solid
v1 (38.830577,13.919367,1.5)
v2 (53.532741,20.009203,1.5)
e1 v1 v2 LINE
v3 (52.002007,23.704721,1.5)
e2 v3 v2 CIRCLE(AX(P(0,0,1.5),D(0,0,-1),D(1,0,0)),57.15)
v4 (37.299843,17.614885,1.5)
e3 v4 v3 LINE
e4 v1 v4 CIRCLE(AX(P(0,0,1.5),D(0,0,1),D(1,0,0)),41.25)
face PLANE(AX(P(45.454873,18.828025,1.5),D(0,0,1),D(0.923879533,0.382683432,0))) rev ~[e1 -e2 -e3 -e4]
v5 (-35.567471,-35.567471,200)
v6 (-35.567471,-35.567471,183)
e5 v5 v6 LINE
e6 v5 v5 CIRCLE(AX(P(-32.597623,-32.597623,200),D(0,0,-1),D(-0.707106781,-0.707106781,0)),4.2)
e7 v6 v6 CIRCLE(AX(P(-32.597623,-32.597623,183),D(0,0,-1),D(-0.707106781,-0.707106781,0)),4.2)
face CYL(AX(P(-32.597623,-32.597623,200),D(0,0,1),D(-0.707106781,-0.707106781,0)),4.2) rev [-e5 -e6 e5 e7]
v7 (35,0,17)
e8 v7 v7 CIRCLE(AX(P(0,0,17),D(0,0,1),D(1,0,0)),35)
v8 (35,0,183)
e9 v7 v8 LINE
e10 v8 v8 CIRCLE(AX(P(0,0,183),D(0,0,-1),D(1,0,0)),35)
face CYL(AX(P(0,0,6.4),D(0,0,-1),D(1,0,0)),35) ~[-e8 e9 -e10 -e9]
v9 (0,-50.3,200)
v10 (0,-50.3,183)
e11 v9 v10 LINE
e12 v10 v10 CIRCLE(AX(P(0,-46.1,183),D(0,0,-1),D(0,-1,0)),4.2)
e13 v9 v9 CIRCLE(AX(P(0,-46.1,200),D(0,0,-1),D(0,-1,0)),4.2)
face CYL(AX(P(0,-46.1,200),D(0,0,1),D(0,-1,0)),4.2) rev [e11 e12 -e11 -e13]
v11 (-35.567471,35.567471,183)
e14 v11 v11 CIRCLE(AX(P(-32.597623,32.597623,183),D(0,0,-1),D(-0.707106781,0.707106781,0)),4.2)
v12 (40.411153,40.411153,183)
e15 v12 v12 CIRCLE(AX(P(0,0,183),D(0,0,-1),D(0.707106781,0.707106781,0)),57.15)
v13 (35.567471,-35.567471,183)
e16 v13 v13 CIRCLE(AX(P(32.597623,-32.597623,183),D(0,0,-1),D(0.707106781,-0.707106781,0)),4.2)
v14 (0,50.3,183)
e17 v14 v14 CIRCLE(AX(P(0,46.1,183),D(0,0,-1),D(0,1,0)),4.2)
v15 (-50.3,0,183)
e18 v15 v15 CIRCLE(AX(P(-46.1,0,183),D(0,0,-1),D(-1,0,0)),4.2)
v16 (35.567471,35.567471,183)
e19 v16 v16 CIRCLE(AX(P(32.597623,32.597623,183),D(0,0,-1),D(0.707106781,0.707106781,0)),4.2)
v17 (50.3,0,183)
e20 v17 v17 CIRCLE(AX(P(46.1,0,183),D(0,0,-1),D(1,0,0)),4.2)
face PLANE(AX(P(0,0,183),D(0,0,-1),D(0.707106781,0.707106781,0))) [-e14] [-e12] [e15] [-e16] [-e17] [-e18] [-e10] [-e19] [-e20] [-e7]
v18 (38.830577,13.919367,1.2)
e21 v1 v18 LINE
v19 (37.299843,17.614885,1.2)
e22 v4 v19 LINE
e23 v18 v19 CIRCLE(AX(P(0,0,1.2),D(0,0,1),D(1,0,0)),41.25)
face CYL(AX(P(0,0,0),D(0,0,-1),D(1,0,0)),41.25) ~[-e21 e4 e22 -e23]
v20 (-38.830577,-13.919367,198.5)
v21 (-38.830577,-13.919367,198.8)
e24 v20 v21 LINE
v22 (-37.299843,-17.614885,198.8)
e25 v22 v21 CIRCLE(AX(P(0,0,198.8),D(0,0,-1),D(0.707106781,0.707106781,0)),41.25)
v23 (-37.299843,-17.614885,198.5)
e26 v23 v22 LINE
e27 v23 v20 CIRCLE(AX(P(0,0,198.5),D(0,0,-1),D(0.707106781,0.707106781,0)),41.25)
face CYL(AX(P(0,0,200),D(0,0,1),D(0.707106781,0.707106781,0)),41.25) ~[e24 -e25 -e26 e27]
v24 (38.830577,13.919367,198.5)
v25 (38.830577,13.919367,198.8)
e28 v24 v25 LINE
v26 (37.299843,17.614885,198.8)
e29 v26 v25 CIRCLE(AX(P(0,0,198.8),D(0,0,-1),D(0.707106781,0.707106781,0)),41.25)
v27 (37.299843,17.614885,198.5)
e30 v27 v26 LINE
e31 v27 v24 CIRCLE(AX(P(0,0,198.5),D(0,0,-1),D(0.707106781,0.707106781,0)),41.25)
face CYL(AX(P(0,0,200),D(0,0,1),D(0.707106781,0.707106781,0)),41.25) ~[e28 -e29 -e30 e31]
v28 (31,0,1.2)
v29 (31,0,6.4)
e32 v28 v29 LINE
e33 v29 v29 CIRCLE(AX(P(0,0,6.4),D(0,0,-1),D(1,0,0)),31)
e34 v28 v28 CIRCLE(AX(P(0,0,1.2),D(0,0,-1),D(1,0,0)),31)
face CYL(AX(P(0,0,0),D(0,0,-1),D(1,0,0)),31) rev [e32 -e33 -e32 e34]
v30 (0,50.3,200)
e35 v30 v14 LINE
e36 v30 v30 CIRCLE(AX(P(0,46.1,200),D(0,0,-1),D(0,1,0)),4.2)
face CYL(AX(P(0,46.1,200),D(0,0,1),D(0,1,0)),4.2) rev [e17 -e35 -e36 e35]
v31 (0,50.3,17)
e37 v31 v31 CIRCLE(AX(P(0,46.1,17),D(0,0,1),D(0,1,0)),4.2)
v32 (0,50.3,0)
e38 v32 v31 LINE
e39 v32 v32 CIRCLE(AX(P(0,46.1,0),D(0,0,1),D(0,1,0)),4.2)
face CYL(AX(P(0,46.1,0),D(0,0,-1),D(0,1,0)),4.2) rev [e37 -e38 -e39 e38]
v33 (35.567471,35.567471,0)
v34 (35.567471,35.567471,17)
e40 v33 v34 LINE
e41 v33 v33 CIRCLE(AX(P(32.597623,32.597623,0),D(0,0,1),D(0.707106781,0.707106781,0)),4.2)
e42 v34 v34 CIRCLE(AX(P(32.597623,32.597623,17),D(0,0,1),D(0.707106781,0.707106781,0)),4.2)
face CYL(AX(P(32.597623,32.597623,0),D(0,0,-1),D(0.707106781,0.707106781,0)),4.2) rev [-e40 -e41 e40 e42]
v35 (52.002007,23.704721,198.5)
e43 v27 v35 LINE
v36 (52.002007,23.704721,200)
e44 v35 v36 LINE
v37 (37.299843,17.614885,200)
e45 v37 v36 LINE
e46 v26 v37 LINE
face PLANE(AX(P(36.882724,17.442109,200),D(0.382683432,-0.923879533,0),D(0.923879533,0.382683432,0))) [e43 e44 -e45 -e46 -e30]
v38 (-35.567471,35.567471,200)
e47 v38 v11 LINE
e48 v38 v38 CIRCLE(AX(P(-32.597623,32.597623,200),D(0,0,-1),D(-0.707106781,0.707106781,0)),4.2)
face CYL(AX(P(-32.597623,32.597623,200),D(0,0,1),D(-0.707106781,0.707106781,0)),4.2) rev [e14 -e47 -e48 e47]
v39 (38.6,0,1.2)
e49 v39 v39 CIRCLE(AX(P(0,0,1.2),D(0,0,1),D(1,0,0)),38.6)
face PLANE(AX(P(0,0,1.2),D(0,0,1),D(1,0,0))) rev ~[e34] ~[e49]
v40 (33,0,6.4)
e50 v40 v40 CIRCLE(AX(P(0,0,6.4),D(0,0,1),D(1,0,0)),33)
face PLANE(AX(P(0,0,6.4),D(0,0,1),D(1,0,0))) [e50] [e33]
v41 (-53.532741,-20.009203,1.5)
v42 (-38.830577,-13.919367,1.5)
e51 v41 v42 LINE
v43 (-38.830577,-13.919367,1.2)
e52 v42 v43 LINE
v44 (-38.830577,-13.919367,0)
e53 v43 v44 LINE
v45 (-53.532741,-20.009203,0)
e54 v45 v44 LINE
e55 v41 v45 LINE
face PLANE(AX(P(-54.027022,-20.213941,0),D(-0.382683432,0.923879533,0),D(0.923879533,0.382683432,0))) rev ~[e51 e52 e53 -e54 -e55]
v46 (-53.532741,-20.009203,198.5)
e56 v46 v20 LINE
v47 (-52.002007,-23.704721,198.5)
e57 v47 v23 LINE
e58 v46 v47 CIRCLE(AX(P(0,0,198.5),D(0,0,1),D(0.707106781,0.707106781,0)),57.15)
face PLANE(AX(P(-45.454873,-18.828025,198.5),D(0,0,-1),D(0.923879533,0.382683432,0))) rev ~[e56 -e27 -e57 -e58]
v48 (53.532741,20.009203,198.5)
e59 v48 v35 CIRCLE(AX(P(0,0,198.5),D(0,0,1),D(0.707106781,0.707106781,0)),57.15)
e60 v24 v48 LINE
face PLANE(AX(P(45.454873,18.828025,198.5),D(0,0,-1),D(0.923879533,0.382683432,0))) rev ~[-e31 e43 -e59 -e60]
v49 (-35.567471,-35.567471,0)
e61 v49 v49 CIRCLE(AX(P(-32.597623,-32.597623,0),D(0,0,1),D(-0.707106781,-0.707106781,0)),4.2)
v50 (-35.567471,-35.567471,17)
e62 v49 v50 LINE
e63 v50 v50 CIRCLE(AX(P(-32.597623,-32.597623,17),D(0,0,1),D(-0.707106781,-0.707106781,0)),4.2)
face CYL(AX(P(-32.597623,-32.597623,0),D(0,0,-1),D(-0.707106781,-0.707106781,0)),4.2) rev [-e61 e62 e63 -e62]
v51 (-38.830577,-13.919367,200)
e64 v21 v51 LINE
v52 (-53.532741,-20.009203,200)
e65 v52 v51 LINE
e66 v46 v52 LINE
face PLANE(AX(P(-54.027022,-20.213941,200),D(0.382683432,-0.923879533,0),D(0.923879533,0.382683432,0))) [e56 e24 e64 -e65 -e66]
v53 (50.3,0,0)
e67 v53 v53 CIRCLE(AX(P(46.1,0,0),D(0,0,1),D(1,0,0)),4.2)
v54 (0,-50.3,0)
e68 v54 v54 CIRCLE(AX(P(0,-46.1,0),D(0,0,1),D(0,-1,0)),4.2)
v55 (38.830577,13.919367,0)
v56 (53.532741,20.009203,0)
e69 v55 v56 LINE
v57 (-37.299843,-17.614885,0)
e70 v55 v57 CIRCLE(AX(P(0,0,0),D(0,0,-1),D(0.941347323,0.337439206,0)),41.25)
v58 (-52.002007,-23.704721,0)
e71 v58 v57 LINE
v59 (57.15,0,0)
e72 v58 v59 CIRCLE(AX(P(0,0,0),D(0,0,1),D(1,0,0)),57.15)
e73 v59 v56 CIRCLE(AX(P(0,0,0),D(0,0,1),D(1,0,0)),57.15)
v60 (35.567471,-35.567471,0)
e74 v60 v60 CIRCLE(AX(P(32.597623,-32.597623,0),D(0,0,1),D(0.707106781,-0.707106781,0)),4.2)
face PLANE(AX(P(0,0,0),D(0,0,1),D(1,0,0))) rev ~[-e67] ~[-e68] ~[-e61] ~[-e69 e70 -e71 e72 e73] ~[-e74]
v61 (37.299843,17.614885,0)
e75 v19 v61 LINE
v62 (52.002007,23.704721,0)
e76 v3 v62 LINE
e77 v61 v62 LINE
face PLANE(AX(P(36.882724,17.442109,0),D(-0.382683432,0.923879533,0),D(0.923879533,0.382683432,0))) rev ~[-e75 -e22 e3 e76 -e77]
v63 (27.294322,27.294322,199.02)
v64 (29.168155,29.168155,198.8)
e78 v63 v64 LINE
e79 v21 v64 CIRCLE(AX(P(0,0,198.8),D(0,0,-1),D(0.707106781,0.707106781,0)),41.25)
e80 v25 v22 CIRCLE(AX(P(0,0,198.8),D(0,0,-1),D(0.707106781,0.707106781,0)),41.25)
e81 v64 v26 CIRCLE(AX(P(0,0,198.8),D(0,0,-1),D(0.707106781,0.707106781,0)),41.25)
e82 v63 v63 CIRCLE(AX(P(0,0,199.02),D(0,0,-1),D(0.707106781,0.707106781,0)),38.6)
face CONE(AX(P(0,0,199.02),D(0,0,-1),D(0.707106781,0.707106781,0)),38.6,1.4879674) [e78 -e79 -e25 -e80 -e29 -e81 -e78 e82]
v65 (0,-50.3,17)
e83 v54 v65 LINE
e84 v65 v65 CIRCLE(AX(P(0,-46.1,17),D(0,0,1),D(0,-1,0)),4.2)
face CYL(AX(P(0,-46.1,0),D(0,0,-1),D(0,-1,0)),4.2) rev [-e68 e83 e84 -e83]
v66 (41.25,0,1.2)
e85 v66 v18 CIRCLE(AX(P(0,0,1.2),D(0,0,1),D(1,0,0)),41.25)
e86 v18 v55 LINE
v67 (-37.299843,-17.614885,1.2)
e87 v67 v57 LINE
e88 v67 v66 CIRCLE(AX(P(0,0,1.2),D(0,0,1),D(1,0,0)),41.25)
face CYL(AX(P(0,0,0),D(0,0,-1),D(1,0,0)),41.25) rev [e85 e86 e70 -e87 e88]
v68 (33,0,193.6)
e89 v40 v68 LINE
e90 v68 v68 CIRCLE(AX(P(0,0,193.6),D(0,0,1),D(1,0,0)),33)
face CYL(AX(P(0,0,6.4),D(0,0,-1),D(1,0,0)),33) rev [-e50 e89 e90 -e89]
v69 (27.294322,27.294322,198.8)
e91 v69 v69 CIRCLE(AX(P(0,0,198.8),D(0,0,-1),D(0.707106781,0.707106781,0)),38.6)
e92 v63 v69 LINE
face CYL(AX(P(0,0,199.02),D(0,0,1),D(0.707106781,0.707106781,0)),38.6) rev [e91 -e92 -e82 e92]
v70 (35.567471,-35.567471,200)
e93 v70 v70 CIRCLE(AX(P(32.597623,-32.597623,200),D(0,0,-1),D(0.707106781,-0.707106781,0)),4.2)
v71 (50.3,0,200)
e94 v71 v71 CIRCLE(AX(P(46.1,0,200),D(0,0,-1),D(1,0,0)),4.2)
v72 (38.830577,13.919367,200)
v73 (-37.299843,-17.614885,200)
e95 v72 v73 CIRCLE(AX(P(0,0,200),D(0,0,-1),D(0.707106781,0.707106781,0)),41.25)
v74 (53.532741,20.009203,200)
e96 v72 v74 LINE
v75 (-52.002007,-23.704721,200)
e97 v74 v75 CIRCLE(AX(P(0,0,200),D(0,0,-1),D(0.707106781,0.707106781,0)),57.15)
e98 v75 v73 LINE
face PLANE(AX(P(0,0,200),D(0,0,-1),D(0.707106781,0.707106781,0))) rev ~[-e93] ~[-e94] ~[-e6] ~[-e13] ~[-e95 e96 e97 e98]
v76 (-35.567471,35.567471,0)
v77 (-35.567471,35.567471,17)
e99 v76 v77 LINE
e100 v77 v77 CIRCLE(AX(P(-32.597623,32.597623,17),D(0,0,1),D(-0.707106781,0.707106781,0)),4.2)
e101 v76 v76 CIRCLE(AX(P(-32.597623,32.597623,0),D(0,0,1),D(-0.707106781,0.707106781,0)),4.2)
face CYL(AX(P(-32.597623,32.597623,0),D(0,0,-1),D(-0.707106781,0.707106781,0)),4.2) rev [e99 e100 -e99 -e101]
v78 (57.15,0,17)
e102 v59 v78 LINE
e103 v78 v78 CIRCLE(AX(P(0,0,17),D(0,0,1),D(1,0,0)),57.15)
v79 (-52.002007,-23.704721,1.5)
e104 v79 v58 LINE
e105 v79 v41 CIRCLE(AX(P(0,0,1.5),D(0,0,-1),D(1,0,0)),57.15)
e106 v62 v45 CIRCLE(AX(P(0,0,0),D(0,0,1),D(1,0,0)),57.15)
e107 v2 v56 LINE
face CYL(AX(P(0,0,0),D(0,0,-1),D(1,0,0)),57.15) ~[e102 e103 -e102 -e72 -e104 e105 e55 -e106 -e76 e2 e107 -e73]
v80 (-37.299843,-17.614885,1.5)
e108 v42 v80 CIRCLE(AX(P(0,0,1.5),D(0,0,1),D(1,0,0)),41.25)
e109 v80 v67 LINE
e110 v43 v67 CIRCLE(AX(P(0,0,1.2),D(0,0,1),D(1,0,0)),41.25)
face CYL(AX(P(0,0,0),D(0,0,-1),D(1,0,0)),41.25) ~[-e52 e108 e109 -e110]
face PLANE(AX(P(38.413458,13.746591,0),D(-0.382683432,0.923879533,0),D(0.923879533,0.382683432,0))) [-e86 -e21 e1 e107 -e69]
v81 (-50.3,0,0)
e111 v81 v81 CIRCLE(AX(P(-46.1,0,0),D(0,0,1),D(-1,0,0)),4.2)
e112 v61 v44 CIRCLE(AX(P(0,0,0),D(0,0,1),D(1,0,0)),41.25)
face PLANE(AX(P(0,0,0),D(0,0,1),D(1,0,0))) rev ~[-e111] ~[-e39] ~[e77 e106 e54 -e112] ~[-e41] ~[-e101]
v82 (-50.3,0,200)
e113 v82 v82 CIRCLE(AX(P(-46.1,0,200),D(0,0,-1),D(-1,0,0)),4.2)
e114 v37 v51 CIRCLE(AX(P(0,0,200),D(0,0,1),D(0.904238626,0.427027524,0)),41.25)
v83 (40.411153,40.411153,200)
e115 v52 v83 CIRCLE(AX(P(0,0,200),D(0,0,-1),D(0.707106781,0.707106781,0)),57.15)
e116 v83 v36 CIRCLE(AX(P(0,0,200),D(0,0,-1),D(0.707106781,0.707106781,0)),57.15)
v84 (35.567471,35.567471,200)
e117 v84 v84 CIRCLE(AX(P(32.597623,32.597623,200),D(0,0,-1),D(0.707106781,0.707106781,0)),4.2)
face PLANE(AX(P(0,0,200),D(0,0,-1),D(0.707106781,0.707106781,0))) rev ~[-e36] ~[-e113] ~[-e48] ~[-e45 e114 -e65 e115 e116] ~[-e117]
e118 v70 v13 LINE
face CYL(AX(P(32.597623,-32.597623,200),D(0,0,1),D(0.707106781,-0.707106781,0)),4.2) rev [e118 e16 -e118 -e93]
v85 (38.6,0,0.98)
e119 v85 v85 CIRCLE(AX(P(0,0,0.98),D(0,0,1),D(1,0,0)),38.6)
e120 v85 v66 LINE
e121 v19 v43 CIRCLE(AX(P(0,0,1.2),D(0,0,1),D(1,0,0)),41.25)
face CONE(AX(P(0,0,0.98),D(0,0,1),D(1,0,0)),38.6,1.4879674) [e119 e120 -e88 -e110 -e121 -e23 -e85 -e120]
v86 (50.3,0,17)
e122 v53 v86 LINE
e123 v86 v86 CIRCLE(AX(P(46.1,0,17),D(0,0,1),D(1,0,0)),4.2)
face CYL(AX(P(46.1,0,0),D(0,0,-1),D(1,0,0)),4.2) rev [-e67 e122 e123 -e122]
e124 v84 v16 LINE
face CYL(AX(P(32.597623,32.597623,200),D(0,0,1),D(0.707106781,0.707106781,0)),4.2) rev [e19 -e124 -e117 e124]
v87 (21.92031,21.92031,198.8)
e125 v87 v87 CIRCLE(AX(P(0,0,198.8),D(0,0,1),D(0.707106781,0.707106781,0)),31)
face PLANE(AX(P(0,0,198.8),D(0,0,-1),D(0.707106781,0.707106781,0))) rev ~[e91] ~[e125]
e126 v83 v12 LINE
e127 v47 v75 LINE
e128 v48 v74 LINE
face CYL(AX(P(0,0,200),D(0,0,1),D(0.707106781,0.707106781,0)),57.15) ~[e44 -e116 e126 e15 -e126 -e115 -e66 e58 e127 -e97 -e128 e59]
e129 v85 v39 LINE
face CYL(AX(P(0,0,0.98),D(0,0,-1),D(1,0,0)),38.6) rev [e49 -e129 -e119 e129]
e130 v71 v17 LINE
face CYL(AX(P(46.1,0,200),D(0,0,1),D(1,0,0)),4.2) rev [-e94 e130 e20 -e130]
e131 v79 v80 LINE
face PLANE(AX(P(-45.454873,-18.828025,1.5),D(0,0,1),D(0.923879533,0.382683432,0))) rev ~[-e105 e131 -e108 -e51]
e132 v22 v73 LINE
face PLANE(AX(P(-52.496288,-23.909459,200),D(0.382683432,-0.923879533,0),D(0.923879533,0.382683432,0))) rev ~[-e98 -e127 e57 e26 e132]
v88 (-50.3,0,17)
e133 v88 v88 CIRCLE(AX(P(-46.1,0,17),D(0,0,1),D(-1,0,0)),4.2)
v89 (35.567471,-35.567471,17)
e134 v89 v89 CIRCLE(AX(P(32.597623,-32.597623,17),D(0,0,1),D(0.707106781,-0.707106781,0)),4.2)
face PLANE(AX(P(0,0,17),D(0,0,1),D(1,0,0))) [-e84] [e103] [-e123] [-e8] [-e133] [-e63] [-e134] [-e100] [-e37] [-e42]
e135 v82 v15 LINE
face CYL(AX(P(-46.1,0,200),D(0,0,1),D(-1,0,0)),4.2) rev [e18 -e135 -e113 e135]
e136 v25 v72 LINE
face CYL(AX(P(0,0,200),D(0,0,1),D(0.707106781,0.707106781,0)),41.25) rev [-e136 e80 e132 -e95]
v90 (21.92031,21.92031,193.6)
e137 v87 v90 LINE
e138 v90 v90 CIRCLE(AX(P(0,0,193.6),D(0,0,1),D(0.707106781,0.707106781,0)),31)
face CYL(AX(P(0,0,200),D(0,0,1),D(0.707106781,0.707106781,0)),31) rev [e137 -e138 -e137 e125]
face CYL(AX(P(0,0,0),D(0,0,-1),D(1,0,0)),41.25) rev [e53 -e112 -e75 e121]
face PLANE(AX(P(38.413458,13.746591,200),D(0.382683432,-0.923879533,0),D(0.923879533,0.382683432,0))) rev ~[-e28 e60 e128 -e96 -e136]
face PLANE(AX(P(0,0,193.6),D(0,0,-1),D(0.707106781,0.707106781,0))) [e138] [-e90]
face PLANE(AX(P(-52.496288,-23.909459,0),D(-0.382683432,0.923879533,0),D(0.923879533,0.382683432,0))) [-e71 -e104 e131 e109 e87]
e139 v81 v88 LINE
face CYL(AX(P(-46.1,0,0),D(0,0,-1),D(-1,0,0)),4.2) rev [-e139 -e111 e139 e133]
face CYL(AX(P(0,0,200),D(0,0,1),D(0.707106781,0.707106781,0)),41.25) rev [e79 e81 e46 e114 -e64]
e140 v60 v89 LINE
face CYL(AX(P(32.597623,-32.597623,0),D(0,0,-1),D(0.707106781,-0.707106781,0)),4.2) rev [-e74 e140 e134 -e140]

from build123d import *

# Parameters (mm, degrees)
CYLINDER032_R             = 41.25
CYLINDER032_DEPTH         = 1.5
BOX004_W                  = 16.9
BOX004_H                  = 4
BOX004_DEPTH              = 1.5
BOX005_W                  = 16.9
BOX005_H                  = 4
BOX005_DEPTH              = 1.5
FUSION011_PLACEMENT_ANGLE = 22.5
CYLINDER026_R             = 35
CYLINDER026_DEPTH         = 10.6
CYLINDER027_R             = 31
CYLINDER027_DEPTH         = 17
CYLINDER031_R             = 4.2
CYLINDER031_DEPTH         = 17
ARRAY005_COUNT            = 8
CYLINDER030_R             = 38.6
CYLINDER030_DEPTH         = 0.22
CYLINDER029_R             = 41.25
CYLINDER029_DEPTH         = 1.2
CYLINDER028_R             = 57.15
CYLINDER028_DEPTH         = 17
CUT030_PLACEMENT_ANGLE    = 180
COMPOUND_PLACEMENT_ANGLE  = 45
TUBE_R                    = 35
TUBE_R_2                  = 33
TUBE_DEPTH                = 187.2
CYLINDER025_R             = 41.25
CYLINDER025_DEPTH         = 1.5
BOX002_W                  = 16.9
BOX002_H                  = 4
BOX002_DEPTH              = 1.5
BOX003_W                  = 16.9
BOX003_H                  = 4
BOX003_DEPTH              = 1.5
FUSION008_PLACEMENT_ANGLE = 22.5
CYLINDER018_R             = 35
CYLINDER018_DEPTH         = 10.6
CYLINDER019_R             = 31
CYLINDER019_DEPTH         = 17
CYLINDER023_R             = 4.2
CYLINDER023_DEPTH         = 17
ARRAY004_COUNT            = 8
CYLINDER022_R             = 38.6
CYLINDER022_DEPTH         = 0.22
CYLINDER021_R             = 41.25
CYLINDER021_DEPTH         = 1.2
CYLINDER020_R             = 57.15
CYLINDER020_DEPTH         = 17


with BuildPart() as cylinder032:
    # Cylinder032 → Cylinder032 (new body)
    with BuildSketch(Plane.XY):
        Circle(CYLINDER032_R)
    extrude(amount=CYLINDER032_DEPTH)


with BuildPart() as cube004:
    # Box004 → Box004 (new body)
    with BuildSketch(Plane(origin=(40.75, -2, 0), x_dir=(1, 0, 0), z_dir=(0, 0, 1))):
        with Locations((8.45, 2)):
            Rectangle(BOX004_W, BOX004_H)
    extrude(amount=BOX004_DEPTH)


with BuildPart() as leaktestgrooves003:
    # Box005 → Box005 (new body)
    with BuildSketch(Plane(origin=(-57.65, -2, 0), x_dir=(1, 0, 0), z_dir=(0, 0, 1))):
        with Locations((8.45, 2)):
            Rectangle(BOX005_W, BOX005_H)
    extrude(amount=BOX005_DEPTH)

    # Fusion011: union Cube004
    add(cube004.part)


with BuildPart() as leaktestgrooves003_1:
    # Fusion011 placement: moved
    add(leaktestgrooves003.part.rotate(Axis((0, 0, 0), (0, 0, 1)), FUSION011_PLACEMENT_ANGLE))

    # Cut029: cut Cylinder032
    add(cylinder032.part, mode=Mode.SUBTRACT)


with BuildPart() as cylinder026:
    # Cylinder026 → Cylinder026 (new body)
    with BuildSketch(Plane.XY.offset(6.4)):
        Circle(CYLINDER026_R)
    extrude(amount=CYLINDER026_DEPTH)


with BuildPart() as fusion010:
    # Cylinder027 → Cylinder027 (new body)
    with BuildSketch(Plane.XY):
        Circle(CYLINDER027_R)
    extrude(amount=CYLINDER027_DEPTH)

    # Fusion010: union Cylinder026
    add(cylinder026.part)


with BuildPart() as boltholearray005:
    # Cylinder031 → Cylinder031 (new body)
    with BuildSketch(Plane(origin=(46.1, 0, 0), x_dir=(1, 0, 0), z_dir=(0, 0, 1))):
        Circle(CYLINDER031_R)
    extrude(amount=CYLINDER031_DEPTH)

    # Array005: BoltHoleArray005 ×8 about axis
    array005_axis = Axis((0, 0, 0), (0, 0, 1))


with BuildPart() as boltholearray005_1:
    add(boltholearray005.part)
    for i in range(1, ARRAY005_COUNT):
        add(boltholearray005.part.rotate(array005_axis, i * 360 / ARRAY005_COUNT))


with BuildPart() as cylinder030:
    # Cylinder030 → Cylinder030 (new body)
    with BuildSketch(Plane.XY):
        Circle(CYLINDER030_R)
    extrude(amount=CYLINDER030_DEPTH)


with BuildPart() as knifeedge005:
    # Cone005 → Cone005 (revolve)
    with BuildSketch(Plane.XZ):
        Polygon((0, 0), (38.6, 0), (41.25, 0.22), (0, 0.22), align=None)
    revolve(axis=Axis((0, 0, 0), (0, 0, 1)))

    # Cut026: cut Cylinder030
    add(cylinder030.part, mode=Mode.SUBTRACT)


with BuildPart() as knifeedge005_1:
    # Cut026 placement: moved
    add(knifeedge005.part.moved(Location((0, 0, 0.98))))


with BuildPart() as sealrecess005:
    # Cylinder029 → Cylinder029 (new body)
    with BuildSketch(Plane.XY):
        Circle(CYLINDER029_R)
    extrude(amount=CYLINDER029_DEPTH)


with BuildPart() as leaktestgroovealignmentrotation:
    # Cylinder028 → Cylinder028 (new body)
    with BuildSketch(Plane.XY):
        Circle(CYLINDER028_R)
    extrude(amount=CYLINDER028_DEPTH)

    # Cut025: cut SealRecess005
    add(sealrecess005.part, mode=Mode.SUBTRACT)

    # Fusion009: union KnifeEdge005
    add(knifeedge005_1.part)

    # Cut027: cut BoltHoleArray005
    add(boltholearray005_1.part, mode=Mode.SUBTRACT)

    # Cut028: cut Fusion010
    add(fusion010.part, mode=Mode.SUBTRACT)

    # Cut030: cut LeakTestGrooves003
    add(leaktestgrooves003_1.part, mode=Mode.SUBTRACT)


with BuildPart() as leaktestgroovealignmentrotation_1:
    # Cut030 placement: moved
    add(leaktestgroovealignmentrotation.part.moved(Location((0, 0, 200))).rotate(Axis((0, 0, 200), (1, 0, 0)), CUT030_PLACEMENT_ANGLE))


with BuildPart() as leaktestgroovealignmentrotation_2:
    # Compound placement: moved
    add(leaktestgroovealignmentrotation_1.part.rotate(Axis((0, 0, 0), (0, 0, 1)), COMPOUND_PLACEMENT_ANGLE))


with BuildPart() as tube:
    # Tube → Tube (new body)
    with BuildSketch(Plane.XY.offset(6.4)):
        Circle(TUBE_R)
        Circle(TUBE_R_2, mode=Mode.SUBTRACT)
    extrude(amount=TUBE_DEPTH)


with BuildPart() as cylinder025:
    # Cylinder025 → Cylinder025 (new body)
    with BuildSketch(Plane.XY):
        Circle(CYLINDER025_R)
    extrude(amount=CYLINDER025_DEPTH)


with BuildPart() as cube002:
    # Box002 → Box002 (new body)
    with BuildSketch(Plane(origin=(40.75, -2, 0), x_dir=(1, 0, 0), z_dir=(0, 0, 1))):
        with Locations((8.45, 2)):
            Rectangle(BOX002_W, BOX002_H)
    extrude(amount=BOX002_DEPTH)


with BuildPart() as leaktestgrooves02:
    # Box003 → Box003 (new body)
    with BuildSketch(Plane(origin=(-57.65, -2, 0), x_dir=(1, 0, 0), z_dir=(0, 0, 1))):
        with Locations((8.45, 2)):
            Rectangle(BOX003_W, BOX003_H)
    extrude(amount=BOX003_DEPTH)

    # Fusion008: union Cube002
    add(cube002.part)


with BuildPart() as leaktestgrooves02_1:
    # Fusion008 placement: moved
    add(leaktestgrooves02.part.rotate(Axis((0, 0, 0), (0, 0, 1)), FUSION008_PLACEMENT_ANGLE))

    # Cut021: cut Cylinder025
    add(cylinder025.part, mode=Mode.SUBTRACT)


with BuildPart() as cylinder018:
    # Cylinder018 → Cylinder018 (new body)
    with BuildSketch(Plane.XY.offset(6.4)):
        Circle(CYLINDER018_R)
    extrude(amount=CYLINDER018_DEPTH)


with BuildPart() as fusion006:
    # Cylinder019 → Cylinder019 (new body)
    with BuildSketch(Plane.XY):
        Circle(CYLINDER019_R)
    extrude(amount=CYLINDER019_DEPTH)

    # Fusion006: union Cylinder018
    add(cylinder018.part)


with BuildPart() as boltholearray004:
    # Cylinder023 → Cylinder023 (new body)
    with BuildSketch(Plane(origin=(46.1, 0, 0), x_dir=(1, 0, 0), z_dir=(0, 0, 1))):
        Circle(CYLINDER023_R)
    extrude(amount=CYLINDER023_DEPTH)

    # Array004: BoltHoleArray004 ×8 about axis
    array004_axis = Axis((0, 0, 0), (0, 0, 1))


with BuildPart() as boltholearray004_1:
    add(boltholearray004.part)
    for i in range(1, ARRAY004_COUNT):
        add(boltholearray004.part.rotate(array004_axis, i * 360 / ARRAY004_COUNT))


with BuildPart() as cylinder022:
    # Cylinder022 → Cylinder022 (new body)
    with BuildSketch(Plane.XY):
        Circle(CYLINDER022_R)
    extrude(amount=CYLINDER022_DEPTH)


with BuildPart() as knifeedge004:
    # Cone004 → Cone004 (revolve)
    with BuildSketch(Plane.XZ):
        Polygon((0, 0), (38.6, 0), (41.25, 0.22), (0, 0.22), align=None)
    revolve(axis=Axis((0, 0, 0), (0, 0, 1)))

    # Cut016: cut Cylinder022
    add(cylinder022.part, mode=Mode.SUBTRACT)


with BuildPart() as knifeedge004_1:
    # Cut016 placement: moved
    add(knifeedge004.part.moved(Location((0, 0, 0.98))))


with BuildPart() as sealrecess004:
    # Cylinder021 → Cylinder021 (new body)
    with BuildSketch(Plane.XY):
        Circle(CYLINDER021_R)
    extrude(amount=CYLINDER021_DEPTH)


with BuildPart() as cfpipestraigt_nr:
    # Cylinder020 → Cylinder020 (new body)
    with BuildSketch(Plane.XY):
        Circle(CYLINDER020_R)
    extrude(amount=CYLINDER020_DEPTH)

    # Cut015: cut SealRecess004
    add(sealrecess004.part, mode=Mode.SUBTRACT)

    # Fusion005: union KnifeEdge004
    add(knifeedge004_1.part)

    # Cut017: cut BoltHoleArray004
    add(boltholearray004_1.part, mode=Mode.SUBTRACT)

    # Cut018: cut Fusion006
    add(fusion006.part, mode=Mode.SUBTRACT)

    # Cut024: cut LeakTestGrooves02
    add(leaktestgrooves02_1.part, mode=Mode.SUBTRACT)

    # Fusion: union LeakTestGrooveAlignmentRotation, Tube
    add(leaktestgroovealignmentrotation_2.part)
    add(tube.part)


solid = cfpipestraigt_nr.part
